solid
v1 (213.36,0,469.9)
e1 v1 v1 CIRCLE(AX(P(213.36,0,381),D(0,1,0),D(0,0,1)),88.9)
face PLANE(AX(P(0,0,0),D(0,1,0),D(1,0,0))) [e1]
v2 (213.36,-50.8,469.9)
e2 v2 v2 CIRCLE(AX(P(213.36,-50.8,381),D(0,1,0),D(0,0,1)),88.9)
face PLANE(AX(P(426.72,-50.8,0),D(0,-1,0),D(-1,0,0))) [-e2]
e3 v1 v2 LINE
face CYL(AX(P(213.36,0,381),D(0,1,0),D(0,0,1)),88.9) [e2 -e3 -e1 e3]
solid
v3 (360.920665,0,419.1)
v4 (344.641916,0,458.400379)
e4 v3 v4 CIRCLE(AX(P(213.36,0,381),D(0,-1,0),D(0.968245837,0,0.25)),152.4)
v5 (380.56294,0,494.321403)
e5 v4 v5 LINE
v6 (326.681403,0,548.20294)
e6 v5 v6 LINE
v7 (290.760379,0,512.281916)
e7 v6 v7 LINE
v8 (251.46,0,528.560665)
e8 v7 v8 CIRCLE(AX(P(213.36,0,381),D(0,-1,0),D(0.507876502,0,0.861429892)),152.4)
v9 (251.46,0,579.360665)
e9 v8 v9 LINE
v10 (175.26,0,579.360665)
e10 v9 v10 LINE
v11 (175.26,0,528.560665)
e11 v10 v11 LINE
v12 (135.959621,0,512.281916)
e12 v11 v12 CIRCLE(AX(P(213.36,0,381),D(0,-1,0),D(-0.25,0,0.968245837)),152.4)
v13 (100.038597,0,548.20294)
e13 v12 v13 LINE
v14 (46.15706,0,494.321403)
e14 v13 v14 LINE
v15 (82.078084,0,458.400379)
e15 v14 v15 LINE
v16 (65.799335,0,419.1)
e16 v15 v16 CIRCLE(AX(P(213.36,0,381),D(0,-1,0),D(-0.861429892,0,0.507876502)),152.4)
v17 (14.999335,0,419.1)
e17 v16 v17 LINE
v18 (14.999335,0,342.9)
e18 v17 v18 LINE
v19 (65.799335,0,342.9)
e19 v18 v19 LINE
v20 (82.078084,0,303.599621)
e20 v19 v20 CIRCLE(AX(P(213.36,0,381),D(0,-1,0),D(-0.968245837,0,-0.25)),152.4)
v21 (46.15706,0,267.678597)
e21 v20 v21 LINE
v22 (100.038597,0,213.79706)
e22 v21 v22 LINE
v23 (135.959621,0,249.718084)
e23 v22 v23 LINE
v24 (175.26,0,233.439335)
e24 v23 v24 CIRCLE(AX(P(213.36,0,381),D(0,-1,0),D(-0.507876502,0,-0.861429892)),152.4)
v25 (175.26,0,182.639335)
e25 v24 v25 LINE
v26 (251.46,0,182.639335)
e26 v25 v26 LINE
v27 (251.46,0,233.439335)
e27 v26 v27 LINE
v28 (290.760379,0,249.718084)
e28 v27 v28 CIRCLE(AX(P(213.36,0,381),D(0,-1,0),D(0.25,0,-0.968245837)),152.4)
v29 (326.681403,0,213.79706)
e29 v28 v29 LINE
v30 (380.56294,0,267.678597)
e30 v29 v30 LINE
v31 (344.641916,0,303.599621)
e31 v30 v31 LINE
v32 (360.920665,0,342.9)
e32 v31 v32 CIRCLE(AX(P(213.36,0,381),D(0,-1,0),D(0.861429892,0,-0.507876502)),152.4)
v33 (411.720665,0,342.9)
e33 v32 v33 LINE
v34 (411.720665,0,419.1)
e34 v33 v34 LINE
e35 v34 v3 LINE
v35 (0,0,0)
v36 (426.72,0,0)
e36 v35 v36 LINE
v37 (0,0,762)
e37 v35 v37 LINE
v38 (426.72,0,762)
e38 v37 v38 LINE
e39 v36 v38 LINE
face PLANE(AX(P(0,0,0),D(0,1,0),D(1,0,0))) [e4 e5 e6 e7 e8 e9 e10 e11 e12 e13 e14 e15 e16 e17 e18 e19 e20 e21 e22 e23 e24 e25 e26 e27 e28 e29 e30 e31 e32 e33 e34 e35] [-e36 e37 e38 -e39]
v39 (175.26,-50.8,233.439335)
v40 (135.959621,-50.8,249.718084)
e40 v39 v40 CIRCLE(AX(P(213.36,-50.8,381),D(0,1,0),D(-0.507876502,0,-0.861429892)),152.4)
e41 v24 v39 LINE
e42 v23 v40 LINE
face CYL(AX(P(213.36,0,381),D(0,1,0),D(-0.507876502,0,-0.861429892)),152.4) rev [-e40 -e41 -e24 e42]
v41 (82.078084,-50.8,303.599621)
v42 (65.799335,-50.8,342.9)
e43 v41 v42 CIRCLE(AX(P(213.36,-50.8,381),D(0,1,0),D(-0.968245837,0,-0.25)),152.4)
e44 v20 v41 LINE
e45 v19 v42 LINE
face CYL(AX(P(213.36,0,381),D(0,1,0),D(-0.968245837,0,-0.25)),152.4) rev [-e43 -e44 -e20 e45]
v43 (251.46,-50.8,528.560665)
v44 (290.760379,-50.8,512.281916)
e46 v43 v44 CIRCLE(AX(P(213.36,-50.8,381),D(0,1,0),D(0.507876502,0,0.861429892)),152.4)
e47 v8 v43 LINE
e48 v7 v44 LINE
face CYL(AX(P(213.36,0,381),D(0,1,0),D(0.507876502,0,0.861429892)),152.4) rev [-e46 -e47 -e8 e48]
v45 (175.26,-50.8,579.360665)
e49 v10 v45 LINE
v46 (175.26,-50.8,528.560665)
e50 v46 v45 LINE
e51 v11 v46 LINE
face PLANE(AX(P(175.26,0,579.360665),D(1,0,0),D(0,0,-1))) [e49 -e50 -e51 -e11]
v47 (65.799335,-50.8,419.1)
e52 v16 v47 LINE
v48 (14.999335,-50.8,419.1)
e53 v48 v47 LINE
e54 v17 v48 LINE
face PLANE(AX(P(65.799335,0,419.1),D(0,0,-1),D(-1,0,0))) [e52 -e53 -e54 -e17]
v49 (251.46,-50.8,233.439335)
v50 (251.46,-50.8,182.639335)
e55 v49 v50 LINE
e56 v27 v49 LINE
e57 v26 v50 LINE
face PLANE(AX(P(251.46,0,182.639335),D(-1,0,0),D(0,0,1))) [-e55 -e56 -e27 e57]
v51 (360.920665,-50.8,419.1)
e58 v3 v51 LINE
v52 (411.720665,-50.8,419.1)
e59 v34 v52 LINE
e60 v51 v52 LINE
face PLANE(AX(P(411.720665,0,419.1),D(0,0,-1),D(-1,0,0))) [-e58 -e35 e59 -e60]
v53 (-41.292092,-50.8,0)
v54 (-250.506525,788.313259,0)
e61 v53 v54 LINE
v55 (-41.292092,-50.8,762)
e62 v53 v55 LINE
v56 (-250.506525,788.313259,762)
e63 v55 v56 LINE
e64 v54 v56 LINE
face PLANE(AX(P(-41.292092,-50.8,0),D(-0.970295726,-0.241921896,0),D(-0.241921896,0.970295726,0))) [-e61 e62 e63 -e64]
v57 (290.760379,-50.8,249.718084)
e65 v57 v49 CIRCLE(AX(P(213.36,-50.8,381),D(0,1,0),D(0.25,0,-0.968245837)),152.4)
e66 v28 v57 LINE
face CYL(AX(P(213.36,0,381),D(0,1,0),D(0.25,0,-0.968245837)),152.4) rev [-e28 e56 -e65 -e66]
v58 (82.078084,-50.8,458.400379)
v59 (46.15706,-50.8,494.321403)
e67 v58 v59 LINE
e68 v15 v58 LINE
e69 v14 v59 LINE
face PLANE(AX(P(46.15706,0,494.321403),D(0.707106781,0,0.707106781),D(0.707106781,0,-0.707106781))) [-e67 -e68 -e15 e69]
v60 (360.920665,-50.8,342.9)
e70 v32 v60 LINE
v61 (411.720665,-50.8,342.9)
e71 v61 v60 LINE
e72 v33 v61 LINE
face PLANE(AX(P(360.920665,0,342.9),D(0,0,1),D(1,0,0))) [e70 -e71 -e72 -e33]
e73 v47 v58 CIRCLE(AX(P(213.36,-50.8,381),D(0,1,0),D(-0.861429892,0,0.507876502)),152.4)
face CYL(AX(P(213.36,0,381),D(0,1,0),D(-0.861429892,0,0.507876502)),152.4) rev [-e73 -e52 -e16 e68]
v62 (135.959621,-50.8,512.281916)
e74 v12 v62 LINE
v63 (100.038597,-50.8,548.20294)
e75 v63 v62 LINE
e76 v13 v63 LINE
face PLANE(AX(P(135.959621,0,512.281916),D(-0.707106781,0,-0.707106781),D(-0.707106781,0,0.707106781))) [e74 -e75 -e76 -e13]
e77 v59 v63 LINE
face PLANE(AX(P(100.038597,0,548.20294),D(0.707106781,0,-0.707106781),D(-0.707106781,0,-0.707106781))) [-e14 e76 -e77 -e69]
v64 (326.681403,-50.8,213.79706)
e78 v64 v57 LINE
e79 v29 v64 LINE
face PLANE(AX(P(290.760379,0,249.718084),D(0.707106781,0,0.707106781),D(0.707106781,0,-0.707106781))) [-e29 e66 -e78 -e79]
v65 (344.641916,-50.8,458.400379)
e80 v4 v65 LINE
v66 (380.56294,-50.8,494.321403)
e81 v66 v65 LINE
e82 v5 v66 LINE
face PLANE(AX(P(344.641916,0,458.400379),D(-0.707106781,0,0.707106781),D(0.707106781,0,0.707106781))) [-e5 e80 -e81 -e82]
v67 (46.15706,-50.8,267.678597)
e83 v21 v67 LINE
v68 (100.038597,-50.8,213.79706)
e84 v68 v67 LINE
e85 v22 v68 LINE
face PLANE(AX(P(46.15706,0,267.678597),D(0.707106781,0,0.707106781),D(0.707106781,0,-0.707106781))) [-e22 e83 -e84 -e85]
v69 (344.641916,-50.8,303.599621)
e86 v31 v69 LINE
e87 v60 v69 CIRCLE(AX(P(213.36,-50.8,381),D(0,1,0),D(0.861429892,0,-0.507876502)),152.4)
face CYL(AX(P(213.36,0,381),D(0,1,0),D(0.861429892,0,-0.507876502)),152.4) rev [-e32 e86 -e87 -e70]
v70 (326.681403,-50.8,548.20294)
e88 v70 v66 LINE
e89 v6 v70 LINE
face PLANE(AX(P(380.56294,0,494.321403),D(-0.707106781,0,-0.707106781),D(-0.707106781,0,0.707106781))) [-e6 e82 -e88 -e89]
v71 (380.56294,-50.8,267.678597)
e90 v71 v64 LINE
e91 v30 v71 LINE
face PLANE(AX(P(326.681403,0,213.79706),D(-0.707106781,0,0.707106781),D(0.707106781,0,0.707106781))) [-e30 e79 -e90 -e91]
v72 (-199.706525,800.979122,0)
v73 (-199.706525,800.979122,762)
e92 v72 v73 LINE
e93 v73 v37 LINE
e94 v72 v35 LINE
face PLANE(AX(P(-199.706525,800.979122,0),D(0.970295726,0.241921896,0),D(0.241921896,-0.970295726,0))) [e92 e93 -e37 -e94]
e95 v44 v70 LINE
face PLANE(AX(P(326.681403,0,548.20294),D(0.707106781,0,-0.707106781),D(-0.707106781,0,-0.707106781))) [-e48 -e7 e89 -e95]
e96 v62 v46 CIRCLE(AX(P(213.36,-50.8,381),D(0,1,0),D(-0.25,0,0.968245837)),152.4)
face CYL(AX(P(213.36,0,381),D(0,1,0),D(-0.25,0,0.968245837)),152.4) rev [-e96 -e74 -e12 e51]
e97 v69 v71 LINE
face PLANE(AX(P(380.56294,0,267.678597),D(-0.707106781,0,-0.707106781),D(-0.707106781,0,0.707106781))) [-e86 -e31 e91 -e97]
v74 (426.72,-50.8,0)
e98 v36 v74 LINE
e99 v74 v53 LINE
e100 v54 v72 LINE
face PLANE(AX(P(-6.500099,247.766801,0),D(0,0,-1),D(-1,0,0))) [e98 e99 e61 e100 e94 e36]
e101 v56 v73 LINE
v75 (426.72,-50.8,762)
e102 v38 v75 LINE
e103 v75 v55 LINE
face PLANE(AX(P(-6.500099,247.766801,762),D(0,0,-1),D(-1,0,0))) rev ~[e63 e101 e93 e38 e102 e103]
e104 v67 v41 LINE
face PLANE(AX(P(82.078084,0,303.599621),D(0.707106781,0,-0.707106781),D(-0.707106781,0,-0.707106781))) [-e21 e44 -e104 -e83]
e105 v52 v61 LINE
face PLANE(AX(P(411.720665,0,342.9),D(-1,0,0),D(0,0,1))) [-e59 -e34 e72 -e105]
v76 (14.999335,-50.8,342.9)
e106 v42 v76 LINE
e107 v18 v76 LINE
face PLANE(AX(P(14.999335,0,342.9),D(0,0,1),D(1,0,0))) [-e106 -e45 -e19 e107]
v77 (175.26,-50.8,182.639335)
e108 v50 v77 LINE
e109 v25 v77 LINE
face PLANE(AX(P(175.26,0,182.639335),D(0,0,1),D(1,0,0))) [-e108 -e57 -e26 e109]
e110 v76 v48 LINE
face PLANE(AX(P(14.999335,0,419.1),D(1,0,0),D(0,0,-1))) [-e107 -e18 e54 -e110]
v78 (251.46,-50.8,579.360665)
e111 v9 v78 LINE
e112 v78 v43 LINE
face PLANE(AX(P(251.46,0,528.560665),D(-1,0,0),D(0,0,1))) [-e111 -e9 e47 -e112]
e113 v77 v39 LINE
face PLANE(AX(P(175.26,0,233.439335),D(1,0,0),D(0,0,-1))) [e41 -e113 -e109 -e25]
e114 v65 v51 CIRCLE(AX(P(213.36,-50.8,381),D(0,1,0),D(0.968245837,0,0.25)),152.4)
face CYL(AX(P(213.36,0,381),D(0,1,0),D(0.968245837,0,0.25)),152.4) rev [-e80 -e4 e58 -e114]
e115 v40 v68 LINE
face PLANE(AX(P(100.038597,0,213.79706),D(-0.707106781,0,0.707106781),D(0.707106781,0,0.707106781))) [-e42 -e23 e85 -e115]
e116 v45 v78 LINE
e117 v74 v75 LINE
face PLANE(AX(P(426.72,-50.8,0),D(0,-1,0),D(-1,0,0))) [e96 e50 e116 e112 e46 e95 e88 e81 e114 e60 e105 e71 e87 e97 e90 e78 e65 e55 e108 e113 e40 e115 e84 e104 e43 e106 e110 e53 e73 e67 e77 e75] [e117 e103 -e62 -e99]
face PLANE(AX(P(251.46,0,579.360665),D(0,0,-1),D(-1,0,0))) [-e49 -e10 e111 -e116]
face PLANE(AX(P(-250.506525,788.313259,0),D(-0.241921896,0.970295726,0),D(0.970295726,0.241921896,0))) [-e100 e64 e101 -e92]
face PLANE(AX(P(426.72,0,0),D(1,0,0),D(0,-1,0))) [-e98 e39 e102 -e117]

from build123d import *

# Parameters (mm, degrees)
BOSS_EXTRUDE1_DEPTH = 762
SKETCH2_R           = 88.9
CUT_EXTRUDE1_DEPTH  = 1016


with BuildPart() as part:
    # Sketch1 → Boss-Extrude1 (new body)
    with BuildSketch(Plane.XY):
        Polygon((0, 0), (426.72, 0), (426.72, -50.8), (-41.292091668, -50.8), (-250.506524818, 788.313259496), (-199.706524818, 800.979122041), align=None)
    extrude(amount=BOSS_EXTRUDE1_DEPTH)

    # Sketch2 → Cut-Extrude1 (cut)
    with BuildSketch(Plane(origin=(0, 0, 0), x_dir=(1, 0, 0), z_dir=(0, 1, 0))):
        with BuildLine():
            Line((175.26, -182.639334509), (251.46, -182.639334509))
            Line((251.46, -182.639334509), (251.46, -233.439334509))
            ThreePointArc((251.46, -233.439334509), (271.680955092, -240.200759245), (290.760378842, -249.718084432))
            Line((290.760378842, -249.718084432), (326.681403326, -213.797059948))
            Line((326.681403326, -213.797059948), (380.562940052, -267.678596674))
            Line((380.562940052, -267.678596674), (344.641915568, -303.599621158))
            ThreePointArc((344.641915568, -303.599621158), (354.159240755, -322.679044908), (360.920665491, -342.9))
            Line((360.920665491, -342.9), (411.720665491, -342.9))
            Line((411.720665491, -342.9), (411.720665491, -419.1))
            Line((411.720665491, -419.1), (360.920665491, -419.1))
            ThreePointArc((360.920665491, -419.1), (354.159240755, -439.320955092), (344.641915568, -458.400378842))
            Line((344.641915568, -458.400378842), (380.562940052, -494.321403326))
            Line((380.562940052, -494.321403326), (326.681403326, -548.202940052))
            Line((326.681403326, -548.202940052), (290.760378842, -512.281915568))
            ThreePointArc((290.760378842, -512.281915568), (271.680955092, -521.799240755), (251.46, -528.560665491))
            Line((251.46, -528.560665491), (251.46, -579.360665491))
            Line((251.46, -579.360665491), (175.26, -579.360665491))
            Line((175.26, -579.360665491), (175.26, -528.560665491))
            ThreePointArc((175.26, -528.560665491), (155.039044908, -521.799240755), (135.959621158, -512.281915568))
            Line((135.959621158, -512.281915568), (100.038596674, -548.202940052))
            Line((100.038596674, -548.202940052), (46.157059948, -494.321403326))
            Line((46.157059948, -494.321403326), (82.078084432, -458.400378842))
            ThreePointArc((82.078084432, -458.400378842), (72.560759245, -439.320955092), (65.79933451, -419.1))
            Line((65.79933451, -419.1), (14.99933451, -419.1))
            Line((14.99933451, -419.1), (14.99933451, -342.9))
            Line((14.99933451, -342.9), (65.79933451, -342.9))
            ThreePointArc((65.79933451, -342.9), (72.560759245, -322.679044908), (82.078084432, -303.599621158))
            Line((82.078084432, -303.599621158), (46.157059948, -267.678596674))
            Line((46.157059948, -267.678596674), (100.038596674, -213.797059948))
            Line((100.038596674, -213.797059948), (135.959621158, -249.718084432))
            ThreePointArc((135.959621158, -249.718084432), (155.039044908, -240.200759245), (175.26, -233.439334509))
            Line((175.26, -233.439334509), (175.26, -182.639334509))
        make_face()
        with Locations(Location((213.36, -381, 0), (0, 0, 270))):
            Circle(SKETCH2_R, mode=Mode.SUBTRACT)
    extrude(amount=-CUT_EXTRUDE1_DEPTH, mode=Mode.SUBTRACT)


with BuildPart() as cut_extrude1_piece_1:
    # of the separate pieces the step leaves, piece 1, a body of its own (cut_extrude1_pieces)
    add(part.part.solids().sort_by_distance((0, 0, 0))[0])


with BuildPart() as cut_extrude1_piece_2:
    # of the separate pieces the step leaves, piece 2, a body of its own (cut_extrude1_pieces)
    add(part.part.solids().sort_by_distance((213.36, 0, 469.9))[0])


solid = Compound([cut_extrude1_piece_1.part, cut_extrude1_piece_2.part])
